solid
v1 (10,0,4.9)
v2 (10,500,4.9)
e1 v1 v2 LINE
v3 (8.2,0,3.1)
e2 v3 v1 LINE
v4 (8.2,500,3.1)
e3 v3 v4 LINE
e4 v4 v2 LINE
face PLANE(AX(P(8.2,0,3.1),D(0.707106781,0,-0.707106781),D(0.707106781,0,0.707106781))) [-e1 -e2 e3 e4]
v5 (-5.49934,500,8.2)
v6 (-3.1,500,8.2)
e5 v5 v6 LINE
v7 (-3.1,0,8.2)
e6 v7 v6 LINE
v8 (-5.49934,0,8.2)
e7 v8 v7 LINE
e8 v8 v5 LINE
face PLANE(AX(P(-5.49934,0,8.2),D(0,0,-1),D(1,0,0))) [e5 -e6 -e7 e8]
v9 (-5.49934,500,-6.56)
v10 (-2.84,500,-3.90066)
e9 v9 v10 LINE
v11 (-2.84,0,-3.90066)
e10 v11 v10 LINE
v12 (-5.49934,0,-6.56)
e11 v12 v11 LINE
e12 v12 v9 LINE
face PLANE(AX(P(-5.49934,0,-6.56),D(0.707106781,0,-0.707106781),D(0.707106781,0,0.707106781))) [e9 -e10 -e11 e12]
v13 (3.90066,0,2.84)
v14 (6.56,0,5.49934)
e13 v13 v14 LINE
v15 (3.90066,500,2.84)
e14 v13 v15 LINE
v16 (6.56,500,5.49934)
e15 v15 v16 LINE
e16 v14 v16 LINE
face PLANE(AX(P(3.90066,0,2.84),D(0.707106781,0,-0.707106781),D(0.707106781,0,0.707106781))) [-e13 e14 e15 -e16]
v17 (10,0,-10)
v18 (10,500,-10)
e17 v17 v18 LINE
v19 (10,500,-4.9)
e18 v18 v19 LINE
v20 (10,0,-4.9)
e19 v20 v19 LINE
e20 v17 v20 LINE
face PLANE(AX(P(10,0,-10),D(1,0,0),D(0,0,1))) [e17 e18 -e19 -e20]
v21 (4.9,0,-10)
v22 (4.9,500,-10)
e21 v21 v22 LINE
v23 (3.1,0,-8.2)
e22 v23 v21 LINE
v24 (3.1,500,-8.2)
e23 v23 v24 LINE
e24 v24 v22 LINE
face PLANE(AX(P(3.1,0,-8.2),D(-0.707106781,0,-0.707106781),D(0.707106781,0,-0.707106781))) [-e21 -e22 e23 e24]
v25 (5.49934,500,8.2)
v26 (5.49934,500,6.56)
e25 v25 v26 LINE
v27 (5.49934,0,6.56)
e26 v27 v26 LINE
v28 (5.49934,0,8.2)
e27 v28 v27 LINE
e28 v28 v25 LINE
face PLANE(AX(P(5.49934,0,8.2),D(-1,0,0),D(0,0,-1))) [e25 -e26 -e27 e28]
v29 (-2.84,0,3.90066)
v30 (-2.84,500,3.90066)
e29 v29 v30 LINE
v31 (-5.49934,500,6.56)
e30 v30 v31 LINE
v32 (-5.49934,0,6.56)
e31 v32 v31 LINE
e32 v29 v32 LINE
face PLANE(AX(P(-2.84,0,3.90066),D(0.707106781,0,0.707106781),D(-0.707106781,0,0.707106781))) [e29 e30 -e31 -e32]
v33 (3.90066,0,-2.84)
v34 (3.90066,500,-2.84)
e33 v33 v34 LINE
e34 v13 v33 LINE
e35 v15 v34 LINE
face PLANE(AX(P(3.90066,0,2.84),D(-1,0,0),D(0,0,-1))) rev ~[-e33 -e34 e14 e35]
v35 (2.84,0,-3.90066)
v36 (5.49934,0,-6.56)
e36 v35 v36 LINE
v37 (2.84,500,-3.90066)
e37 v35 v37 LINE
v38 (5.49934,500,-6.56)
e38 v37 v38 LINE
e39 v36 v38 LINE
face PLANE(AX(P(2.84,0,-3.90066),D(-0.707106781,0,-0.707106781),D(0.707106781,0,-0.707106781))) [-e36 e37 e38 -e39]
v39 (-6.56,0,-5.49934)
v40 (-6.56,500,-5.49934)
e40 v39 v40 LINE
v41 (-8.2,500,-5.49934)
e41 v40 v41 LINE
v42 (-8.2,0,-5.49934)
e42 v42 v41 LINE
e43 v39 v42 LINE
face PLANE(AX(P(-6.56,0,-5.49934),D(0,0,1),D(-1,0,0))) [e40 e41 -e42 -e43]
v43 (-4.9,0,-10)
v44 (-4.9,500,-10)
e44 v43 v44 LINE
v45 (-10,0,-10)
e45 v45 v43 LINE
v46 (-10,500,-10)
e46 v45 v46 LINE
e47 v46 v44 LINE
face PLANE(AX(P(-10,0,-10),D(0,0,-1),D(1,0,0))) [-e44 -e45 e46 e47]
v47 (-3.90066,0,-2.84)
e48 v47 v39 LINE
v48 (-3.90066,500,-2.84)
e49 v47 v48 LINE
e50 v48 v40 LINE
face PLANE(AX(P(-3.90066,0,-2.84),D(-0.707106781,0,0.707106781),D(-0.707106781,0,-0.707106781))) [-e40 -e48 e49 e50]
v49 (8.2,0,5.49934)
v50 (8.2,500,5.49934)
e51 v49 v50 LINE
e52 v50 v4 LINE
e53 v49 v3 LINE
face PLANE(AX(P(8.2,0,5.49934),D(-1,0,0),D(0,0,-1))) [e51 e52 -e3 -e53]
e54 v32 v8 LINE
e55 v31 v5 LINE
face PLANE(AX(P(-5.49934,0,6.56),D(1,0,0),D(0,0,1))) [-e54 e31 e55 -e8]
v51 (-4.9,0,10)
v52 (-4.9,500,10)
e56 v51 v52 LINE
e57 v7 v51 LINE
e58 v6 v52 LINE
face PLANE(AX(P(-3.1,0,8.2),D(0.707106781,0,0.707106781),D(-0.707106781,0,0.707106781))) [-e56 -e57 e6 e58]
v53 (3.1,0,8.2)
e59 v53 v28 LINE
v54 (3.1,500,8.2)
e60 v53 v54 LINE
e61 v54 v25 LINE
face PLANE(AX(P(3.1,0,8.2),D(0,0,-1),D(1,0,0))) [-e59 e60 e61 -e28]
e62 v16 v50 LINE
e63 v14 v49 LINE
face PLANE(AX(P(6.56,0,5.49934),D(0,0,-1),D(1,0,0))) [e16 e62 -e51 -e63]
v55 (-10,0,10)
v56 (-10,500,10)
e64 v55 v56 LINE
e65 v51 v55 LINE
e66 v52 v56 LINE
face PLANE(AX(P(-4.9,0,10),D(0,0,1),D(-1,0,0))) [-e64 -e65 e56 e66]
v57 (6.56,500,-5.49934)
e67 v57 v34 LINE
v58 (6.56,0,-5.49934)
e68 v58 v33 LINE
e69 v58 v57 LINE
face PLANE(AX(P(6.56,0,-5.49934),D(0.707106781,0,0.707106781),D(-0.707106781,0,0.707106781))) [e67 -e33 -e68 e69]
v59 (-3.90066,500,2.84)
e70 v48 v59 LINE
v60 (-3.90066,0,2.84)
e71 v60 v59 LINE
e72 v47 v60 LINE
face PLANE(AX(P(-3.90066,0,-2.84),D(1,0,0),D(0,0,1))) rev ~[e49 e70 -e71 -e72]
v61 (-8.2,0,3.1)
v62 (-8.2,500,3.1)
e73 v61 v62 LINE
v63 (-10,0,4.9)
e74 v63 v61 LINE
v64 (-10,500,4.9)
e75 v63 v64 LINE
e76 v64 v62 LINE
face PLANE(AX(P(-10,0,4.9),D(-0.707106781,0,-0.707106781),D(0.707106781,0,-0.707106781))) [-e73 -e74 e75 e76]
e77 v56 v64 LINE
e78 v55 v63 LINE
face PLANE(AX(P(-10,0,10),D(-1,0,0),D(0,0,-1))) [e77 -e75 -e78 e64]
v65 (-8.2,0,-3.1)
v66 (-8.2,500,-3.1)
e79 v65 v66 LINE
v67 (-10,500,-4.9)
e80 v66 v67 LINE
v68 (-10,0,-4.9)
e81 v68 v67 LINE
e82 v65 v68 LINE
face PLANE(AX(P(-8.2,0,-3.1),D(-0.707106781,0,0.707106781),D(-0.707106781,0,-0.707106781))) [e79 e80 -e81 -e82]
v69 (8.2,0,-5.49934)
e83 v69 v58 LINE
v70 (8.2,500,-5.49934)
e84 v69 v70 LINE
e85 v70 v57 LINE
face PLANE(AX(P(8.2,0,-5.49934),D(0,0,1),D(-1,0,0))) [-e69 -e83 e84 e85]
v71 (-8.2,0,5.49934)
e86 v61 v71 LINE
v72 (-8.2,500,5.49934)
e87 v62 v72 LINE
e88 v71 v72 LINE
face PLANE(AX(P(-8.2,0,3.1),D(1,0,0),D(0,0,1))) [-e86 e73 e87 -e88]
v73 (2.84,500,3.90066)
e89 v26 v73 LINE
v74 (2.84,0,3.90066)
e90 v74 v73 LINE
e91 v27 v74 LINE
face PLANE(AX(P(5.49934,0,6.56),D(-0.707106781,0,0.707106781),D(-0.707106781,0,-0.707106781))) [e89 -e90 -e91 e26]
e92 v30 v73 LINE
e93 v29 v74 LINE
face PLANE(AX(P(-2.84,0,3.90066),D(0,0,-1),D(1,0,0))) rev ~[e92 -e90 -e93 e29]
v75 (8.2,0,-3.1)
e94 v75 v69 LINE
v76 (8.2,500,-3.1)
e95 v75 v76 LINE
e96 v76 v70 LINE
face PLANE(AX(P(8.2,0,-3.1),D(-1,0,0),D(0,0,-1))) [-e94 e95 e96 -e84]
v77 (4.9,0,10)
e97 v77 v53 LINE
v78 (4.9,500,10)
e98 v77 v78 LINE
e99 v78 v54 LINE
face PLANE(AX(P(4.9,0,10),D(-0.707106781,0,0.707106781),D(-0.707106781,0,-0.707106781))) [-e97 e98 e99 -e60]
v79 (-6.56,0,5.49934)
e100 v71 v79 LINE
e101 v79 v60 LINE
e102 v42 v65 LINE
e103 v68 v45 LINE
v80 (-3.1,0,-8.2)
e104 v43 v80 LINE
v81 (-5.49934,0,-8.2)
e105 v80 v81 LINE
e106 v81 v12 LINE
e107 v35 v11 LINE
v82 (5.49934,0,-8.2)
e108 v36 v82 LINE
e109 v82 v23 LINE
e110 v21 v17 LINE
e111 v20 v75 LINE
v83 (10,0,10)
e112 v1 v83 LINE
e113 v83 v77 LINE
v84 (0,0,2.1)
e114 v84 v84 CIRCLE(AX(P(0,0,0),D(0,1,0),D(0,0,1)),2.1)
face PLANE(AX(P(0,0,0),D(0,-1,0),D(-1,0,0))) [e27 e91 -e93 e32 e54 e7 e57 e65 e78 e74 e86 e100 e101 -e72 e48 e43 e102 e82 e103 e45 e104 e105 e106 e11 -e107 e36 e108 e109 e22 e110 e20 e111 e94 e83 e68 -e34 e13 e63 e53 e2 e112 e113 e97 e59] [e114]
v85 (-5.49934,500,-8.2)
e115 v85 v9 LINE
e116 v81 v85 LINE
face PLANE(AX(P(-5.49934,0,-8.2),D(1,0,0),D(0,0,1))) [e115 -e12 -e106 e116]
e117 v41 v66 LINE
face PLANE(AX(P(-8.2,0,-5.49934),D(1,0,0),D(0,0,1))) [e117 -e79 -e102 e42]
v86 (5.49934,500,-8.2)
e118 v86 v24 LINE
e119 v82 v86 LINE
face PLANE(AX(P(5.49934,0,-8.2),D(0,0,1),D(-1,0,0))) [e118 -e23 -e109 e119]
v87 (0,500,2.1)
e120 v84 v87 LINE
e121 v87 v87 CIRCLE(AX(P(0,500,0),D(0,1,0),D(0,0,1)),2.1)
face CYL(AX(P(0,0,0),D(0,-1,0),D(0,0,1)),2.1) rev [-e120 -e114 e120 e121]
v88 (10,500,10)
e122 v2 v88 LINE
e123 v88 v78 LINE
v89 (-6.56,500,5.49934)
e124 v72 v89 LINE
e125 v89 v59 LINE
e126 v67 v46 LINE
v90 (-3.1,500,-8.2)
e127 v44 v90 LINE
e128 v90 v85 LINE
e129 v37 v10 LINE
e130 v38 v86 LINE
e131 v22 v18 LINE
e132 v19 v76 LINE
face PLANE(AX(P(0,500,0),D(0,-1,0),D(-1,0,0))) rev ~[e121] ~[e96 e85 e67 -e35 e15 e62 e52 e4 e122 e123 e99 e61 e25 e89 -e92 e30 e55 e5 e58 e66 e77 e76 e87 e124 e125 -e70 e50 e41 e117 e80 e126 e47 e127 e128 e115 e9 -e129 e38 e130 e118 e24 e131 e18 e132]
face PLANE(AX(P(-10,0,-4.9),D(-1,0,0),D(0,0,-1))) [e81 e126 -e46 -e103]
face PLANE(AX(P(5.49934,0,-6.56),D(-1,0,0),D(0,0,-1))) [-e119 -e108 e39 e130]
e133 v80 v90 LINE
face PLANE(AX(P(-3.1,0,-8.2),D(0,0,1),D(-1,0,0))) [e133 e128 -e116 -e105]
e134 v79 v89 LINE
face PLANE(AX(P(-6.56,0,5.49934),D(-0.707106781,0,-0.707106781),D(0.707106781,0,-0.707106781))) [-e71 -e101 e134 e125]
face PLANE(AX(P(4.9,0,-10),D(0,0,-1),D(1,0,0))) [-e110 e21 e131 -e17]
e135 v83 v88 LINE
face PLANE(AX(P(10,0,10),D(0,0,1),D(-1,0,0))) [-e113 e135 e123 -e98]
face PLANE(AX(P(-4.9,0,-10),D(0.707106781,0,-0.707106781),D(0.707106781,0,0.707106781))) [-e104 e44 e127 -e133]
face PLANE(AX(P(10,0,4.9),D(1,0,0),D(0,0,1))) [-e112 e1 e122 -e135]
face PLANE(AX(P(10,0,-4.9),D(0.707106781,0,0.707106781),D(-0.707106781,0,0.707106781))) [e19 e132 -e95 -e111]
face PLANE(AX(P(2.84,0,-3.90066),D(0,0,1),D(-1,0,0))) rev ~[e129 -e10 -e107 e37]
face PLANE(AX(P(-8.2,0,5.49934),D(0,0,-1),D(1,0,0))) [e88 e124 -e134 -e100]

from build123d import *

# Parameters (mm, degrees)
SKETCH1_R           = 2.1
BOSS_EXTRUDE1_DEPTH = 500


with BuildPart() as part:
    # Sketch1 → Boss-Extrude1 (new body)
    with BuildSketch(Plane(origin=(0, 0, 0), x_dir=(1, 0, 0), z_dir=(0, 1, 0))):
        Polygon((-3.900660172, -2.84), (-3.900660172, 0), (-3.900660172, 2.84), (-6.56, 5.499339828), (-8.2, 5.499339828), (-8.2, 3.1), (-10, 4.9), (-10, 10), (-4.9, 10), (-3.1, 8.2), (-5.499339828, 8.2), (-5.499339828, 6.56), (-2.84, 3.900660172), (0, 3.900660172), (2.84, 3.900660172), (5.499339828, 6.56), (5.499339828, 8.2), (3.1, 8.2), (4.9, 10), (10, 10), (10, 4.9), (8.2, 3.1), (8.2, 5.499339828), (6.56, 5.499339828), (3.900660172, 2.84), (3.900660172, 0), (3.900660172, -2.84), (6.56, -5.499339828), (8.2, -5.499339828), (8.2, -3.1), (10, -4.9), (10, -10), (4.9, -10), (3.1, -8.2), (5.499339828, -8.2), (5.499339828, -6.56), (2.84, -3.900660172), (0, -3.900660172), (-2.84, -3.900660172), (-5.499339828, -6.56), (-5.499339828, -8.2), (-3.1, -8.2), (-4.9, -10), (-10, -10), (-10, -4.9), (-8.2, -3.1), (-8.2, -5.499339828), (-6.56, -5.499339828), align=None)
        with Locations(Location((0, 0, 0), (0, 0, 270))):
            Circle(SKETCH1_R, mode=Mode.SUBTRACT)
    extrude(amount=BOSS_EXTRUDE1_DEPTH)


solid = part.part
